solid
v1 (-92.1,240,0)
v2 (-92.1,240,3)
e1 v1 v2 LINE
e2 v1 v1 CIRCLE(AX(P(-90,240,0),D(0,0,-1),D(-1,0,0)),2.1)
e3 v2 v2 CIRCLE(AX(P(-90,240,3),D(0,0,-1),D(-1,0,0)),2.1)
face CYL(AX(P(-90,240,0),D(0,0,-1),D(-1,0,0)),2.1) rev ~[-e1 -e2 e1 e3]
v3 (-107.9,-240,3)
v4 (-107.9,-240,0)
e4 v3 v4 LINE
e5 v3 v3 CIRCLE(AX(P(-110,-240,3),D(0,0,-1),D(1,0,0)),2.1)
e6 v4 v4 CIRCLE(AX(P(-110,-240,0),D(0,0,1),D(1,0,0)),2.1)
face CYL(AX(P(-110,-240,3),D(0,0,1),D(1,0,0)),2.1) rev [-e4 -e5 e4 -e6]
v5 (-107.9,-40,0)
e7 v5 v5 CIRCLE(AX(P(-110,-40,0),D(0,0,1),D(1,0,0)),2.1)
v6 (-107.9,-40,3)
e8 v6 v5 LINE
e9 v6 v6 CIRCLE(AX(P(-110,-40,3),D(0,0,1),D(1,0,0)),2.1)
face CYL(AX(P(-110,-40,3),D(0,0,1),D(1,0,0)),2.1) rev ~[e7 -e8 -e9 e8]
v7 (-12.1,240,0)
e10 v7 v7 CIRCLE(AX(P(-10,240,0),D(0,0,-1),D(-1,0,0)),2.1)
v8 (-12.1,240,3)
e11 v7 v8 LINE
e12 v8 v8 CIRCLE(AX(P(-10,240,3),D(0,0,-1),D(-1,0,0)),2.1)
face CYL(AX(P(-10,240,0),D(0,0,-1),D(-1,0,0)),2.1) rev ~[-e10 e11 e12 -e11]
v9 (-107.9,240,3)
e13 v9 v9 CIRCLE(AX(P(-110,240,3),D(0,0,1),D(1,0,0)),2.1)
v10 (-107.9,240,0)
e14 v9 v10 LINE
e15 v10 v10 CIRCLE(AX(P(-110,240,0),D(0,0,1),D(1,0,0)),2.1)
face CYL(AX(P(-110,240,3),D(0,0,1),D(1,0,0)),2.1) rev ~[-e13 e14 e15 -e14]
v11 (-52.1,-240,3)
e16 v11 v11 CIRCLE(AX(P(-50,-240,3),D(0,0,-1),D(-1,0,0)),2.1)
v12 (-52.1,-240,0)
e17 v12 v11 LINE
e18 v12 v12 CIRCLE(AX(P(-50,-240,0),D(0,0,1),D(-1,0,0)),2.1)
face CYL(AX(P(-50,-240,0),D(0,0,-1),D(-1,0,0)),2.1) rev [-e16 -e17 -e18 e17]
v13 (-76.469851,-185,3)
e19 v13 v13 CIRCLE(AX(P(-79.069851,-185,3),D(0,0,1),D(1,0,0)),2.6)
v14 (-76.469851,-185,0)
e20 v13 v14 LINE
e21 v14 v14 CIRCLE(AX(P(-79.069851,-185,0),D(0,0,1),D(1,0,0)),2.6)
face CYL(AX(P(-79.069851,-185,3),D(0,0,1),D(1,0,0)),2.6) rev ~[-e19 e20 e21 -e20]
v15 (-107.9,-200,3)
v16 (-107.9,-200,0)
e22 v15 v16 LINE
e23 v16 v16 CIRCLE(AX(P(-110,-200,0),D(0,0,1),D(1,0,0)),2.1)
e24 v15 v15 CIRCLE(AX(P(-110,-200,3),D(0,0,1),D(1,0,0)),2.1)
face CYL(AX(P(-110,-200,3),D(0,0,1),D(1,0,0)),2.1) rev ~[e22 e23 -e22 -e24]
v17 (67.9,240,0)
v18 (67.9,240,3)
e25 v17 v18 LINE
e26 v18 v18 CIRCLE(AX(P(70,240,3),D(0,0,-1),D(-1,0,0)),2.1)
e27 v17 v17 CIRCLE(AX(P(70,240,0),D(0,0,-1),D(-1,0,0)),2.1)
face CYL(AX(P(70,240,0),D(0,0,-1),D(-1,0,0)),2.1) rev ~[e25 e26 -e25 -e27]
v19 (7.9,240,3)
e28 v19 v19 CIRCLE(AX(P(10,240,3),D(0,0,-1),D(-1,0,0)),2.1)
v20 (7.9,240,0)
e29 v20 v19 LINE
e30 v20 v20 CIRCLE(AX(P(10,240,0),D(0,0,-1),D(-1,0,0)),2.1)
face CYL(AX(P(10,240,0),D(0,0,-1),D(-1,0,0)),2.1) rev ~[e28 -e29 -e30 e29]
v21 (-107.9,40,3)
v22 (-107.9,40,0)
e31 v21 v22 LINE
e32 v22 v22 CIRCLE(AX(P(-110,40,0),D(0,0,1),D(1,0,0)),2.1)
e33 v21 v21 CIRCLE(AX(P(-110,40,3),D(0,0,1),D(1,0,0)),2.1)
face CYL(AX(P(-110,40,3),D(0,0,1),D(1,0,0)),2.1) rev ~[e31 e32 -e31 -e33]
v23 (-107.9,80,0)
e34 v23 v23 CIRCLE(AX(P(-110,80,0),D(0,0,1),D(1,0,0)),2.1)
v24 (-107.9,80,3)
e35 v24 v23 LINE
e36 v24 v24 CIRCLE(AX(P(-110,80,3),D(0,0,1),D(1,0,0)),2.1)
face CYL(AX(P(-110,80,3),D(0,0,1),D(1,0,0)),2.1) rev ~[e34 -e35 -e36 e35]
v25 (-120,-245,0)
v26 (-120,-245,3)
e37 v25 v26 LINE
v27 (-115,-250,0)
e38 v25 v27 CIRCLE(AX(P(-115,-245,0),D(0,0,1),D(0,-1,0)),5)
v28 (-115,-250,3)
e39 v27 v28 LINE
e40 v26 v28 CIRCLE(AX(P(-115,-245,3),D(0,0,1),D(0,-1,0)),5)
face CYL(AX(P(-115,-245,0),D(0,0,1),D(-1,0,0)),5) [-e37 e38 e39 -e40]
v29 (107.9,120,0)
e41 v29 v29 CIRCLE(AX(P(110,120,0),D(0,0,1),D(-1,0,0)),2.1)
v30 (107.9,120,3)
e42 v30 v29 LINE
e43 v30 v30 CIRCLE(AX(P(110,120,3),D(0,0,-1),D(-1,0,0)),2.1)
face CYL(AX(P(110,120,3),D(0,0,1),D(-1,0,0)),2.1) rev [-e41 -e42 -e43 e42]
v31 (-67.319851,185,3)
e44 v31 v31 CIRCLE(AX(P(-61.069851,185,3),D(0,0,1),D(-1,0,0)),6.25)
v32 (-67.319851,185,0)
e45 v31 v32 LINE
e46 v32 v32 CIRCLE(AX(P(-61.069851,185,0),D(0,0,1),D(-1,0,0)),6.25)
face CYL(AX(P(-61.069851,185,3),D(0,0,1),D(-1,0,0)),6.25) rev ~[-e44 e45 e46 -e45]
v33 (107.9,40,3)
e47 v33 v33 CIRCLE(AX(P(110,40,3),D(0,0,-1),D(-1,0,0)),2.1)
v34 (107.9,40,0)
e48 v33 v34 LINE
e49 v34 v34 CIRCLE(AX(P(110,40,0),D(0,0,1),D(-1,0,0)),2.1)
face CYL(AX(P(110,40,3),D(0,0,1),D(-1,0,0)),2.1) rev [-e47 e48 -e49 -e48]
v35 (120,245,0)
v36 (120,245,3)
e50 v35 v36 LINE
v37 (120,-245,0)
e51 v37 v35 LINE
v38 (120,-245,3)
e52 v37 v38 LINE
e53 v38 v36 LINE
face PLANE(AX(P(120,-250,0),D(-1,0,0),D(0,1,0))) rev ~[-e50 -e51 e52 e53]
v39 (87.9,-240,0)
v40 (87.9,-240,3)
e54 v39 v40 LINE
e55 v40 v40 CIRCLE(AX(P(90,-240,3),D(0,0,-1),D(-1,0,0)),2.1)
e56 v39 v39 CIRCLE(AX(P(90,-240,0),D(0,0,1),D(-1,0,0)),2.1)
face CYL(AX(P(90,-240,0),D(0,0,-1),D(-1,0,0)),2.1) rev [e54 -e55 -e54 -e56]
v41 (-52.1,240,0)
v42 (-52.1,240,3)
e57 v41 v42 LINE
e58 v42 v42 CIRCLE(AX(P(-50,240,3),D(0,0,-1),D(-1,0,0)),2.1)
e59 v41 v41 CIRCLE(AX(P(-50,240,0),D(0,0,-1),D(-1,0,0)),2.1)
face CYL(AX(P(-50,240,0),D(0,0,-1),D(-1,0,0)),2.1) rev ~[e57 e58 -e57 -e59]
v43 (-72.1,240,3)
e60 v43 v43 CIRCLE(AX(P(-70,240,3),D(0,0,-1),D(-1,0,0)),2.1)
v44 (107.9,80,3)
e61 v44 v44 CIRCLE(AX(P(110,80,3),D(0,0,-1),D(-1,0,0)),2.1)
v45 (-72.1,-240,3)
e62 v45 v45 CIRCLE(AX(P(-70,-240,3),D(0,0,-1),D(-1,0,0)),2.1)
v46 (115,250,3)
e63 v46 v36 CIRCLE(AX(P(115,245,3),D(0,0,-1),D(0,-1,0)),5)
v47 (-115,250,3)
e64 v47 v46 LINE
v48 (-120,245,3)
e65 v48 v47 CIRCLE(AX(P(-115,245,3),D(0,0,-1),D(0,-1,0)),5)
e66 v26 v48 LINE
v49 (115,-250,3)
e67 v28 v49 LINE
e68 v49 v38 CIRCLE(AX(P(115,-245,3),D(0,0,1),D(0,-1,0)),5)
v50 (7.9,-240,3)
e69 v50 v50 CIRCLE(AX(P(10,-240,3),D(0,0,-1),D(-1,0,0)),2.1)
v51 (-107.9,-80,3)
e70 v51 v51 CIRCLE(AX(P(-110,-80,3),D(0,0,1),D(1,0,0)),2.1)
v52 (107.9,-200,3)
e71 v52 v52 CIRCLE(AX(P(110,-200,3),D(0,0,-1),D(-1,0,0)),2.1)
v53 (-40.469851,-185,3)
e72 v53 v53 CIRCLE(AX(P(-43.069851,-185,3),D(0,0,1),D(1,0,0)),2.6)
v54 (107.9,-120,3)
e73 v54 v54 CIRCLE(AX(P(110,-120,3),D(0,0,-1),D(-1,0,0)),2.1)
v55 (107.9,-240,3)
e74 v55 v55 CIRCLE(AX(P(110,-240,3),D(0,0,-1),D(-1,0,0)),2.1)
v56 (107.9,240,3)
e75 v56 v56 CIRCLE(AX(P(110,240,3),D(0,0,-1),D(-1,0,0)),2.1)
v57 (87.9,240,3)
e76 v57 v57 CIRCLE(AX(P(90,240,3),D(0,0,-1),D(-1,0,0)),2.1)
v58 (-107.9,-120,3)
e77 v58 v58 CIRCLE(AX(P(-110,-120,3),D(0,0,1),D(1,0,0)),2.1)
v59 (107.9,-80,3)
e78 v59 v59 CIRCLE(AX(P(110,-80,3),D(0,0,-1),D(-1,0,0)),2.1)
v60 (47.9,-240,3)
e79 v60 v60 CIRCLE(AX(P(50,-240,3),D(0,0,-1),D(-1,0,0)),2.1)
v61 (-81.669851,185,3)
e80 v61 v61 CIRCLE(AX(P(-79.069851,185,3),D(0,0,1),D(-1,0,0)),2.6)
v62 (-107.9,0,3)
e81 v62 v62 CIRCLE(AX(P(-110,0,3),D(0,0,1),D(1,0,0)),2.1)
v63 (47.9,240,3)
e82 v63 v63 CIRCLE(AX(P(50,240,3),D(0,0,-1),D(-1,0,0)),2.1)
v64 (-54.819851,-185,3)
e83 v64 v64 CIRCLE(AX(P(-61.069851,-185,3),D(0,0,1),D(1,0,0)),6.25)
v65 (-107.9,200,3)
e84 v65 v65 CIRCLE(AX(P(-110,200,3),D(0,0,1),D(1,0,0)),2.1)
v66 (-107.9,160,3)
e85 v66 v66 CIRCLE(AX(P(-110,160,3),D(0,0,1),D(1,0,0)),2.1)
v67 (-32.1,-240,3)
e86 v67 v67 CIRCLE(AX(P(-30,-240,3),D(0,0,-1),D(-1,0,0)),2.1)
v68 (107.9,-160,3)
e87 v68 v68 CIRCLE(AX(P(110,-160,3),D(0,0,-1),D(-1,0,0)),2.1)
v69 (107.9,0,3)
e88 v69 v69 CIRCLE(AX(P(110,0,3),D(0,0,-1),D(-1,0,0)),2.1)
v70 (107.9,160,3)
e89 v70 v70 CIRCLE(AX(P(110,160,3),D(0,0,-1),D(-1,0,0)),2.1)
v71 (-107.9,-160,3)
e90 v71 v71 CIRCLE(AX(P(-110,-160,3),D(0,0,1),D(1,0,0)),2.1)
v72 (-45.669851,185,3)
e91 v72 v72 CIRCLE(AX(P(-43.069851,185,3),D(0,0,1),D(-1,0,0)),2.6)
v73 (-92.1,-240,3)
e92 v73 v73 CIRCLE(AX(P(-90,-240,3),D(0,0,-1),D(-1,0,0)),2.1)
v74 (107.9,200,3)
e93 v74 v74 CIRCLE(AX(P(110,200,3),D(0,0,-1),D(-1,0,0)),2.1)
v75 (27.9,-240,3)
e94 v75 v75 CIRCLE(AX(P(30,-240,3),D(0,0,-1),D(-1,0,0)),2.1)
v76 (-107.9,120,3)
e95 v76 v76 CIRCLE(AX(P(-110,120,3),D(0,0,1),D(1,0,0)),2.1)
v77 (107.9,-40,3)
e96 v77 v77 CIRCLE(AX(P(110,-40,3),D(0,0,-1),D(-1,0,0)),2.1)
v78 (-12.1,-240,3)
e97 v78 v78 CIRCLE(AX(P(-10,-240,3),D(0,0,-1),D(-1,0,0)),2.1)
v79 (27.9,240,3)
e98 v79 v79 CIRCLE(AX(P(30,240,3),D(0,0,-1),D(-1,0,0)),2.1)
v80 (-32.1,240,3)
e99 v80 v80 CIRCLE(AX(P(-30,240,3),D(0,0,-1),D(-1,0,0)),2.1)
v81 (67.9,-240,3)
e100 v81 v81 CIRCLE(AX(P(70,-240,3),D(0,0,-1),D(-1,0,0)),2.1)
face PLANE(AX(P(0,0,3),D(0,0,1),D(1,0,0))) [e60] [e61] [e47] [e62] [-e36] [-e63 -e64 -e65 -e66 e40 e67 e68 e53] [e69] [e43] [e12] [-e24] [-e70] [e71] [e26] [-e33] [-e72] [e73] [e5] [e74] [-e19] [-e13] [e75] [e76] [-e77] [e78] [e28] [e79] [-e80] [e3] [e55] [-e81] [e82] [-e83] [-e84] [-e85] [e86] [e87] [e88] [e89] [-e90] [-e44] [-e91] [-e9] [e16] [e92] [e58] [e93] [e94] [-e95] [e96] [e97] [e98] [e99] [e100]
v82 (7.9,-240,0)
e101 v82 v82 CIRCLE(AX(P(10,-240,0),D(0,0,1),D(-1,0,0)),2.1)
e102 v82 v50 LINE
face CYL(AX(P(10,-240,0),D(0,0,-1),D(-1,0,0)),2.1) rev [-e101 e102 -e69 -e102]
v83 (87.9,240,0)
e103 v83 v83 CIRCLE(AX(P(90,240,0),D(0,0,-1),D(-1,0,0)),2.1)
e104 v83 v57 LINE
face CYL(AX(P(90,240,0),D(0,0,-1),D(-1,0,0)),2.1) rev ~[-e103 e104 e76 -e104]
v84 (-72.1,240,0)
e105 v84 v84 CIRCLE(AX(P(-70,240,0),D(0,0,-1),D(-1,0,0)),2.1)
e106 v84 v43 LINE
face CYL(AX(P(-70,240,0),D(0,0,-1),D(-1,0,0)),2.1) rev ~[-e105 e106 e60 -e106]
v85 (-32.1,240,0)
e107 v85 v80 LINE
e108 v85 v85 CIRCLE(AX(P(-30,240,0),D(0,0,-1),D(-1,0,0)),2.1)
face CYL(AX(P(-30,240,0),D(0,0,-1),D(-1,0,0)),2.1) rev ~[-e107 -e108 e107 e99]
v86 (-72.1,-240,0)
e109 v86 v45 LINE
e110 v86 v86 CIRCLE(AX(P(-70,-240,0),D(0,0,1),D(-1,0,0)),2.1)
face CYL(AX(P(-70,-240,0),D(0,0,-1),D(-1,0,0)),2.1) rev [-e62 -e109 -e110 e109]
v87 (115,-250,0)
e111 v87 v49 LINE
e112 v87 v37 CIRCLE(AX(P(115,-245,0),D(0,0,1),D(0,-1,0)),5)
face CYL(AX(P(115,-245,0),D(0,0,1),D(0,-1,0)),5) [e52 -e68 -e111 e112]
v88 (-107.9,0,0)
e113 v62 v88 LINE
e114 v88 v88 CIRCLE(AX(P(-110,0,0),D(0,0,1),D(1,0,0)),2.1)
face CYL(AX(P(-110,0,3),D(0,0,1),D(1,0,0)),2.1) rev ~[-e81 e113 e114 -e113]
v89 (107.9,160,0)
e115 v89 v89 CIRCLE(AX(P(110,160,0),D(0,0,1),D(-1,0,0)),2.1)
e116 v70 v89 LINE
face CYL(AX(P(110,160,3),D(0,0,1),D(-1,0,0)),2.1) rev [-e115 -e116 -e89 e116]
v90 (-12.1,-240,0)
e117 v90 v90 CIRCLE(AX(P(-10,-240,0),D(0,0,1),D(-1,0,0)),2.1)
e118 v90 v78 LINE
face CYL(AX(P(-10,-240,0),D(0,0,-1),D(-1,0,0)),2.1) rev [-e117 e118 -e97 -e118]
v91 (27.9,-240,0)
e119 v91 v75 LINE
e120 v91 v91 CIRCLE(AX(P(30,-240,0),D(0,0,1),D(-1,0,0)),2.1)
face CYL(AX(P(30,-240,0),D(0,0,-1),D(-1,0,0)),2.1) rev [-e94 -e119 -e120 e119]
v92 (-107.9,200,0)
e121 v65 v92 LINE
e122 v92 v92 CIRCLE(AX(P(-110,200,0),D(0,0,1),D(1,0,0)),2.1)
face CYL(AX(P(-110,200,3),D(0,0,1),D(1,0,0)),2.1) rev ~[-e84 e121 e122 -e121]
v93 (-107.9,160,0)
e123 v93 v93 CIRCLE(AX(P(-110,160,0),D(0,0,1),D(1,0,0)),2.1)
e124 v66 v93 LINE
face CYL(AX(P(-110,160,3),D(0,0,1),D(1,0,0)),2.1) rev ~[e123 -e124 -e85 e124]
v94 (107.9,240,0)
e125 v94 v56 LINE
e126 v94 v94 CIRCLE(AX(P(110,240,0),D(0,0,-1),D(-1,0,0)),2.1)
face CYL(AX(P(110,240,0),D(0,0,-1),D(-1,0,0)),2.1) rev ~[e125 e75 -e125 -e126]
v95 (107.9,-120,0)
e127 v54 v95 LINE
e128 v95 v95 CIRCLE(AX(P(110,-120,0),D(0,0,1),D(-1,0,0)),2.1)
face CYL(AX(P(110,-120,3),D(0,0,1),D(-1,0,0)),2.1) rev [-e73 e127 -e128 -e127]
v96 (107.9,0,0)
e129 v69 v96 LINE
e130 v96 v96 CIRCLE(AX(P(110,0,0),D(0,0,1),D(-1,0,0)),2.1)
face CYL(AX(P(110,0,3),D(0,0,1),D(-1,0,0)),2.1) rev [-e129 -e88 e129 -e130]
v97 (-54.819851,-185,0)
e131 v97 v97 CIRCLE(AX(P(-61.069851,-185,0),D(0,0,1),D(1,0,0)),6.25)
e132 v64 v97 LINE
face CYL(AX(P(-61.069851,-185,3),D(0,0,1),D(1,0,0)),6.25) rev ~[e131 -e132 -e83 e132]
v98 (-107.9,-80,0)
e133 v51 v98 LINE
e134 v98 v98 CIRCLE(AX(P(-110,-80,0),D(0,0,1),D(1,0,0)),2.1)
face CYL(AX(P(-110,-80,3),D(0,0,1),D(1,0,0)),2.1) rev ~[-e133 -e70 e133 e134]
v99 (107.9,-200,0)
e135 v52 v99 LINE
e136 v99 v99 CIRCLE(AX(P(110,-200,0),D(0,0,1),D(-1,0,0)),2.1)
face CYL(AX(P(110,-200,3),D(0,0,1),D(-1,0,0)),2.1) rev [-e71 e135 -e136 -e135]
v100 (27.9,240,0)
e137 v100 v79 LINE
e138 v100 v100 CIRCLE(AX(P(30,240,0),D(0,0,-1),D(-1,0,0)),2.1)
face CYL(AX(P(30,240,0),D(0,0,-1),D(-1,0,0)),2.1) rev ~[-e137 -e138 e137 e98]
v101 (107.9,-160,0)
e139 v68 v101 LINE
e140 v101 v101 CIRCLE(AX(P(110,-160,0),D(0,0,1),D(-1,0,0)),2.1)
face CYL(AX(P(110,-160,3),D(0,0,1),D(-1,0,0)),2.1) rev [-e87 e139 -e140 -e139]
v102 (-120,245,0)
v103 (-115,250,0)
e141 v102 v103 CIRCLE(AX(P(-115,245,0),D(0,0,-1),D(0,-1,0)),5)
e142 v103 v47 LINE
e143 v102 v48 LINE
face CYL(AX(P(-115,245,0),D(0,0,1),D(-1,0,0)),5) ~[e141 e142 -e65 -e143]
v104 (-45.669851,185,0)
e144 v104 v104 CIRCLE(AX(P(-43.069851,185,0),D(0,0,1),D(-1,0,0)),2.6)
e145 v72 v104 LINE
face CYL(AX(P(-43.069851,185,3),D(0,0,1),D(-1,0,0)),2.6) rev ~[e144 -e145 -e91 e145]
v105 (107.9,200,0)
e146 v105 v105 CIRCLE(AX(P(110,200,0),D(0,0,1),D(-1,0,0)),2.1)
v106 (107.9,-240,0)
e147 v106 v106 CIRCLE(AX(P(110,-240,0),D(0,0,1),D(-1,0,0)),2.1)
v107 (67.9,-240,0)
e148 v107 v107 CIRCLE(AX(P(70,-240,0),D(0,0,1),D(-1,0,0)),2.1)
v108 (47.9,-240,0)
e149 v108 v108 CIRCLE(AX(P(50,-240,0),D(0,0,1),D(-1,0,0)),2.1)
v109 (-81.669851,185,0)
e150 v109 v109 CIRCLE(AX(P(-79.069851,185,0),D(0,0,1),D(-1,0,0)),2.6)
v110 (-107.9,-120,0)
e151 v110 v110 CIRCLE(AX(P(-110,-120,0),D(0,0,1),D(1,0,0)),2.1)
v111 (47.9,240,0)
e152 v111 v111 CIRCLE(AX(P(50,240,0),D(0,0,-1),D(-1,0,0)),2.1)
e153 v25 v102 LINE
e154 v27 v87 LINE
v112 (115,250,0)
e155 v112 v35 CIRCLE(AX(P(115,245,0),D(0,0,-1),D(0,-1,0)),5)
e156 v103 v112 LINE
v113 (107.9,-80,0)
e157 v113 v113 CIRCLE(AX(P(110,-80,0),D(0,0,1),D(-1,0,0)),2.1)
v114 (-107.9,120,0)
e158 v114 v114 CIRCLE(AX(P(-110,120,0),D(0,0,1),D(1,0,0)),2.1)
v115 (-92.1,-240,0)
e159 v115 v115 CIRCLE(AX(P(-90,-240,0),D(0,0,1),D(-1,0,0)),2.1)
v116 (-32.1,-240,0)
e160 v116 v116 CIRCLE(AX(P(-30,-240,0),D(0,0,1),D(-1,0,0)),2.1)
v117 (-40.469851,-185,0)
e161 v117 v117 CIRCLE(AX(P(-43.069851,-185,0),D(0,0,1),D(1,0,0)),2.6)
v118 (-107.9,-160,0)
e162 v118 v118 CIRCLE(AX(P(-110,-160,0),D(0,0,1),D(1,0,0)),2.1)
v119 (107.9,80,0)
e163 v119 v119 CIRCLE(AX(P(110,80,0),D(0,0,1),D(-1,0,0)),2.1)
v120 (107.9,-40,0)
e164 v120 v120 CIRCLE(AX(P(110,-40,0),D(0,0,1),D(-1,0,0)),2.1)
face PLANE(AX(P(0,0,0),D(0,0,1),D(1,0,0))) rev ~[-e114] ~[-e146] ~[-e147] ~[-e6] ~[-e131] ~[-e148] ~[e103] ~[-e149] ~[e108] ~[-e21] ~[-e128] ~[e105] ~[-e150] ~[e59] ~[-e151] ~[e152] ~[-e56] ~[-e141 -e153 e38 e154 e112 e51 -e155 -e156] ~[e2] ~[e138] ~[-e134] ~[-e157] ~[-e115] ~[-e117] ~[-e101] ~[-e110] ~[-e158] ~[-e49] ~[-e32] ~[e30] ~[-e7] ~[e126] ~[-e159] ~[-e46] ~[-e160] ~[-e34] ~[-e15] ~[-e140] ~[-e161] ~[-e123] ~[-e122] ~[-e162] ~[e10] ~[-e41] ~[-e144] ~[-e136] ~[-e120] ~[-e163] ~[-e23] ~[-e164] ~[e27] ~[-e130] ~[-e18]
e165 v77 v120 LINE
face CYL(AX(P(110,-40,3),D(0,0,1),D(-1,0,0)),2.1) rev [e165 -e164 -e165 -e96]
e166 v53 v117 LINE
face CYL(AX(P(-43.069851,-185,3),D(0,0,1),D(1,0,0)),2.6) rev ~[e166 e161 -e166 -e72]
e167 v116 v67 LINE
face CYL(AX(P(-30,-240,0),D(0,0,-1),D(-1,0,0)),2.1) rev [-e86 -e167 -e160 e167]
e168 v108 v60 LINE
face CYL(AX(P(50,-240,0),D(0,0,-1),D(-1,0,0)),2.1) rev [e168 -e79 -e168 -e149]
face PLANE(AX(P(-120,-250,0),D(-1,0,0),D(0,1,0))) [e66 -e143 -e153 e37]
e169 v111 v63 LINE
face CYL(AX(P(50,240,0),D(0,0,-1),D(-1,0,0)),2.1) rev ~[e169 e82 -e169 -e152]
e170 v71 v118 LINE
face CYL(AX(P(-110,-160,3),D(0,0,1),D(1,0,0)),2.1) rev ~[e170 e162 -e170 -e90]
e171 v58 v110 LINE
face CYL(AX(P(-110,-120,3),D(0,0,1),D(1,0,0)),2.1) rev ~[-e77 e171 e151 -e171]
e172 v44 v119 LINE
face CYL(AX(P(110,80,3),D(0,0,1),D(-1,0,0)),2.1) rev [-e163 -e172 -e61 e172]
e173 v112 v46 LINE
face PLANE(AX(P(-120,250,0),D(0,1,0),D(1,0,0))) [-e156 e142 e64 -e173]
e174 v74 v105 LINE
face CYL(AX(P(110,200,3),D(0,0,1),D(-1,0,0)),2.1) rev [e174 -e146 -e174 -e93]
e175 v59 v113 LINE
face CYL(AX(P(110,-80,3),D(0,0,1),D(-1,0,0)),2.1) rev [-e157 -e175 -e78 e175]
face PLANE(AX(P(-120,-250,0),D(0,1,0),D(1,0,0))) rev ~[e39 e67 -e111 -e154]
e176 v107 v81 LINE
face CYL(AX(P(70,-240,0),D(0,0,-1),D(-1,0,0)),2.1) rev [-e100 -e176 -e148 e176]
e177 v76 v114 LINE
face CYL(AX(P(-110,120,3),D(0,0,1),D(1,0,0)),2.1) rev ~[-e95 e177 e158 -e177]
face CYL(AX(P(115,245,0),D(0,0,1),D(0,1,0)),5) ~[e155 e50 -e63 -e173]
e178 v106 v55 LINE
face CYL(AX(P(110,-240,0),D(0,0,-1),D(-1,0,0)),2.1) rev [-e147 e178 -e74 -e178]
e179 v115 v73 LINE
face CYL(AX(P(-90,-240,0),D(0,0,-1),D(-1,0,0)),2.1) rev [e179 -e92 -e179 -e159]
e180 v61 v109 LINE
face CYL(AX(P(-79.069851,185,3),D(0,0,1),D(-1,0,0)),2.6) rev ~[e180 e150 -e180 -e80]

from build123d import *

# Parameters (mm, degrees)
SKETCH1_W           = 240
SKETCH1_H           = 500
BOSS_EXTRUDE1_DEPTH = 3
SKETCH2_R           = 2.1
CUT_EXTRUDE1_DEPTH  = 278.324719418
SKETCH3_R           = 2.1
CUT_EXTRUDE2_DEPTH  = 278.324719418
SKETCH4_R           = 2.6
SKETCH4_R_2         = 6.25
CUT_EXTRUDE3_DEPTH  = 278.324719418
FILLET1_R           = 5


with BuildPart() as part:
    # Sketch1 → Boss-Extrude1 (new body)
    with BuildSketch(Plane.XY):
        Rectangle(SKETCH1_W, SKETCH1_H)
    extrude(amount=BOSS_EXTRUDE1_DEPTH)

    # Sketch2 → Cut-Extrude1 (cut, through all)
    with BuildSketch(Plane.XY.offset(3)):
        with Locations((-110, 240)):
            Circle(SKETCH2_R)
        with Locations((-110, 200)):
            Circle(SKETCH2_R)
        with Locations((-110, 160)):
            Circle(SKETCH2_R)
        with Locations((-110, 120)):
            Circle(SKETCH2_R)
        with Locations((-110, 80)):
            Circle(SKETCH2_R)
        with Locations((-110, 40)):
            Circle(SKETCH2_R)
        with Locations((-110, 0)):
            Circle(SKETCH2_R)
        with Locations((-110, -40)):
            Circle(SKETCH2_R)
        with Locations((-110, -80)):
            Circle(SKETCH2_R)
        with Locations((-110, -120)):
            Circle(SKETCH2_R)
        with Locations((-110, -160)):
            Circle(SKETCH2_R)
        with Locations((-110, -200)):
            Circle(SKETCH2_R)
    cut_extrude1 = extrude(amount=-CUT_EXTRUDE1_DEPTH, mode=Mode.SUBTRACT)

    # Sketch3 → Cut-Extrude2 (cut, through all)
    with BuildSketch(Plane(origin=(0, 0, 0), x_dir=(-1, 0, 0), z_dir=(0, 0, -1))):
        with Locations((90, 240)):
            Circle(SKETCH3_R)
        with Locations((70, 240)):
            Circle(SKETCH3_R)
        with Locations((50, 240)):
            Circle(SKETCH3_R)
        with Locations((30, 240)):
            Circle(SKETCH3_R)
        with Locations((10, 240)):
            Circle(SKETCH3_R)
        with Locations((-10, 240)):
            Circle(SKETCH3_R)
        with Locations((-30, 240)):
            Circle(SKETCH3_R)
        with Locations((-50, 240)):
            Circle(SKETCH3_R)
        with Locations((-70, 240)):
            Circle(SKETCH3_R)
        with Locations((-90, 240)):
            Circle(SKETCH3_R)
        with Locations((-110, 240)):
            Circle(SKETCH3_R)
    cut_extrude2 = extrude(amount=-CUT_EXTRUDE2_DEPTH, mode=Mode.SUBTRACT)

    # Mirror1: Cut-Extrude1 across plane
    add(cut_extrude1.mirror(Plane(origin=(0, 0, 0), x_dir=(0, 0, 1), z_dir=(1, 0, 0))), mode=Mode.SUBTRACT)

    # Mirror2: Cut-Extrude1, Cut-Extrude2 across plane
    add(cut_extrude1.mirror(Plane.ZX), mode=Mode.SUBTRACT)
    add(cut_extrude2.mirror(Plane.ZX), mode=Mode.SUBTRACT)

    # Sketch4 → Cut-Extrude3 (cut, through all)
    with BuildSketch(Plane.XY.offset(3)):
        with Locations((-43.069851171, -185)):
            Circle(SKETCH4_R)
        with Locations((-79.069851171, -185)):
            Circle(SKETCH4_R)
        with Locations((-61.069851171, -184.999999989)):
            Circle(SKETCH4_R_2)
        with Locations(Location((-61.069851171, 184.999999989, 0), (0, 0, 180))):
            Circle(SKETCH4_R_2)
        with Locations(Location((-79.069851171, 185, 0), (0, 0, 180))):
            Circle(SKETCH4_R)
        with Locations(Location((-43.069851171, 185, 0), (0, 0, 180))):
            Circle(SKETCH4_R)
    extrude(amount=-CUT_EXTRUDE3_DEPTH, mode=Mode.SUBTRACT)

    # Fillet1
    fillet1_edges = [part.edges().sort_by_distance(p)[0] for p in [
        (120, -250, 1.5),
        (-120, -250, 1.5),
        (-120, 250, 1.5),
        (120, 250, 1.5),
    ]]
    fillet(fillet1_edges, radius=FILLET1_R)


solid = part.part
